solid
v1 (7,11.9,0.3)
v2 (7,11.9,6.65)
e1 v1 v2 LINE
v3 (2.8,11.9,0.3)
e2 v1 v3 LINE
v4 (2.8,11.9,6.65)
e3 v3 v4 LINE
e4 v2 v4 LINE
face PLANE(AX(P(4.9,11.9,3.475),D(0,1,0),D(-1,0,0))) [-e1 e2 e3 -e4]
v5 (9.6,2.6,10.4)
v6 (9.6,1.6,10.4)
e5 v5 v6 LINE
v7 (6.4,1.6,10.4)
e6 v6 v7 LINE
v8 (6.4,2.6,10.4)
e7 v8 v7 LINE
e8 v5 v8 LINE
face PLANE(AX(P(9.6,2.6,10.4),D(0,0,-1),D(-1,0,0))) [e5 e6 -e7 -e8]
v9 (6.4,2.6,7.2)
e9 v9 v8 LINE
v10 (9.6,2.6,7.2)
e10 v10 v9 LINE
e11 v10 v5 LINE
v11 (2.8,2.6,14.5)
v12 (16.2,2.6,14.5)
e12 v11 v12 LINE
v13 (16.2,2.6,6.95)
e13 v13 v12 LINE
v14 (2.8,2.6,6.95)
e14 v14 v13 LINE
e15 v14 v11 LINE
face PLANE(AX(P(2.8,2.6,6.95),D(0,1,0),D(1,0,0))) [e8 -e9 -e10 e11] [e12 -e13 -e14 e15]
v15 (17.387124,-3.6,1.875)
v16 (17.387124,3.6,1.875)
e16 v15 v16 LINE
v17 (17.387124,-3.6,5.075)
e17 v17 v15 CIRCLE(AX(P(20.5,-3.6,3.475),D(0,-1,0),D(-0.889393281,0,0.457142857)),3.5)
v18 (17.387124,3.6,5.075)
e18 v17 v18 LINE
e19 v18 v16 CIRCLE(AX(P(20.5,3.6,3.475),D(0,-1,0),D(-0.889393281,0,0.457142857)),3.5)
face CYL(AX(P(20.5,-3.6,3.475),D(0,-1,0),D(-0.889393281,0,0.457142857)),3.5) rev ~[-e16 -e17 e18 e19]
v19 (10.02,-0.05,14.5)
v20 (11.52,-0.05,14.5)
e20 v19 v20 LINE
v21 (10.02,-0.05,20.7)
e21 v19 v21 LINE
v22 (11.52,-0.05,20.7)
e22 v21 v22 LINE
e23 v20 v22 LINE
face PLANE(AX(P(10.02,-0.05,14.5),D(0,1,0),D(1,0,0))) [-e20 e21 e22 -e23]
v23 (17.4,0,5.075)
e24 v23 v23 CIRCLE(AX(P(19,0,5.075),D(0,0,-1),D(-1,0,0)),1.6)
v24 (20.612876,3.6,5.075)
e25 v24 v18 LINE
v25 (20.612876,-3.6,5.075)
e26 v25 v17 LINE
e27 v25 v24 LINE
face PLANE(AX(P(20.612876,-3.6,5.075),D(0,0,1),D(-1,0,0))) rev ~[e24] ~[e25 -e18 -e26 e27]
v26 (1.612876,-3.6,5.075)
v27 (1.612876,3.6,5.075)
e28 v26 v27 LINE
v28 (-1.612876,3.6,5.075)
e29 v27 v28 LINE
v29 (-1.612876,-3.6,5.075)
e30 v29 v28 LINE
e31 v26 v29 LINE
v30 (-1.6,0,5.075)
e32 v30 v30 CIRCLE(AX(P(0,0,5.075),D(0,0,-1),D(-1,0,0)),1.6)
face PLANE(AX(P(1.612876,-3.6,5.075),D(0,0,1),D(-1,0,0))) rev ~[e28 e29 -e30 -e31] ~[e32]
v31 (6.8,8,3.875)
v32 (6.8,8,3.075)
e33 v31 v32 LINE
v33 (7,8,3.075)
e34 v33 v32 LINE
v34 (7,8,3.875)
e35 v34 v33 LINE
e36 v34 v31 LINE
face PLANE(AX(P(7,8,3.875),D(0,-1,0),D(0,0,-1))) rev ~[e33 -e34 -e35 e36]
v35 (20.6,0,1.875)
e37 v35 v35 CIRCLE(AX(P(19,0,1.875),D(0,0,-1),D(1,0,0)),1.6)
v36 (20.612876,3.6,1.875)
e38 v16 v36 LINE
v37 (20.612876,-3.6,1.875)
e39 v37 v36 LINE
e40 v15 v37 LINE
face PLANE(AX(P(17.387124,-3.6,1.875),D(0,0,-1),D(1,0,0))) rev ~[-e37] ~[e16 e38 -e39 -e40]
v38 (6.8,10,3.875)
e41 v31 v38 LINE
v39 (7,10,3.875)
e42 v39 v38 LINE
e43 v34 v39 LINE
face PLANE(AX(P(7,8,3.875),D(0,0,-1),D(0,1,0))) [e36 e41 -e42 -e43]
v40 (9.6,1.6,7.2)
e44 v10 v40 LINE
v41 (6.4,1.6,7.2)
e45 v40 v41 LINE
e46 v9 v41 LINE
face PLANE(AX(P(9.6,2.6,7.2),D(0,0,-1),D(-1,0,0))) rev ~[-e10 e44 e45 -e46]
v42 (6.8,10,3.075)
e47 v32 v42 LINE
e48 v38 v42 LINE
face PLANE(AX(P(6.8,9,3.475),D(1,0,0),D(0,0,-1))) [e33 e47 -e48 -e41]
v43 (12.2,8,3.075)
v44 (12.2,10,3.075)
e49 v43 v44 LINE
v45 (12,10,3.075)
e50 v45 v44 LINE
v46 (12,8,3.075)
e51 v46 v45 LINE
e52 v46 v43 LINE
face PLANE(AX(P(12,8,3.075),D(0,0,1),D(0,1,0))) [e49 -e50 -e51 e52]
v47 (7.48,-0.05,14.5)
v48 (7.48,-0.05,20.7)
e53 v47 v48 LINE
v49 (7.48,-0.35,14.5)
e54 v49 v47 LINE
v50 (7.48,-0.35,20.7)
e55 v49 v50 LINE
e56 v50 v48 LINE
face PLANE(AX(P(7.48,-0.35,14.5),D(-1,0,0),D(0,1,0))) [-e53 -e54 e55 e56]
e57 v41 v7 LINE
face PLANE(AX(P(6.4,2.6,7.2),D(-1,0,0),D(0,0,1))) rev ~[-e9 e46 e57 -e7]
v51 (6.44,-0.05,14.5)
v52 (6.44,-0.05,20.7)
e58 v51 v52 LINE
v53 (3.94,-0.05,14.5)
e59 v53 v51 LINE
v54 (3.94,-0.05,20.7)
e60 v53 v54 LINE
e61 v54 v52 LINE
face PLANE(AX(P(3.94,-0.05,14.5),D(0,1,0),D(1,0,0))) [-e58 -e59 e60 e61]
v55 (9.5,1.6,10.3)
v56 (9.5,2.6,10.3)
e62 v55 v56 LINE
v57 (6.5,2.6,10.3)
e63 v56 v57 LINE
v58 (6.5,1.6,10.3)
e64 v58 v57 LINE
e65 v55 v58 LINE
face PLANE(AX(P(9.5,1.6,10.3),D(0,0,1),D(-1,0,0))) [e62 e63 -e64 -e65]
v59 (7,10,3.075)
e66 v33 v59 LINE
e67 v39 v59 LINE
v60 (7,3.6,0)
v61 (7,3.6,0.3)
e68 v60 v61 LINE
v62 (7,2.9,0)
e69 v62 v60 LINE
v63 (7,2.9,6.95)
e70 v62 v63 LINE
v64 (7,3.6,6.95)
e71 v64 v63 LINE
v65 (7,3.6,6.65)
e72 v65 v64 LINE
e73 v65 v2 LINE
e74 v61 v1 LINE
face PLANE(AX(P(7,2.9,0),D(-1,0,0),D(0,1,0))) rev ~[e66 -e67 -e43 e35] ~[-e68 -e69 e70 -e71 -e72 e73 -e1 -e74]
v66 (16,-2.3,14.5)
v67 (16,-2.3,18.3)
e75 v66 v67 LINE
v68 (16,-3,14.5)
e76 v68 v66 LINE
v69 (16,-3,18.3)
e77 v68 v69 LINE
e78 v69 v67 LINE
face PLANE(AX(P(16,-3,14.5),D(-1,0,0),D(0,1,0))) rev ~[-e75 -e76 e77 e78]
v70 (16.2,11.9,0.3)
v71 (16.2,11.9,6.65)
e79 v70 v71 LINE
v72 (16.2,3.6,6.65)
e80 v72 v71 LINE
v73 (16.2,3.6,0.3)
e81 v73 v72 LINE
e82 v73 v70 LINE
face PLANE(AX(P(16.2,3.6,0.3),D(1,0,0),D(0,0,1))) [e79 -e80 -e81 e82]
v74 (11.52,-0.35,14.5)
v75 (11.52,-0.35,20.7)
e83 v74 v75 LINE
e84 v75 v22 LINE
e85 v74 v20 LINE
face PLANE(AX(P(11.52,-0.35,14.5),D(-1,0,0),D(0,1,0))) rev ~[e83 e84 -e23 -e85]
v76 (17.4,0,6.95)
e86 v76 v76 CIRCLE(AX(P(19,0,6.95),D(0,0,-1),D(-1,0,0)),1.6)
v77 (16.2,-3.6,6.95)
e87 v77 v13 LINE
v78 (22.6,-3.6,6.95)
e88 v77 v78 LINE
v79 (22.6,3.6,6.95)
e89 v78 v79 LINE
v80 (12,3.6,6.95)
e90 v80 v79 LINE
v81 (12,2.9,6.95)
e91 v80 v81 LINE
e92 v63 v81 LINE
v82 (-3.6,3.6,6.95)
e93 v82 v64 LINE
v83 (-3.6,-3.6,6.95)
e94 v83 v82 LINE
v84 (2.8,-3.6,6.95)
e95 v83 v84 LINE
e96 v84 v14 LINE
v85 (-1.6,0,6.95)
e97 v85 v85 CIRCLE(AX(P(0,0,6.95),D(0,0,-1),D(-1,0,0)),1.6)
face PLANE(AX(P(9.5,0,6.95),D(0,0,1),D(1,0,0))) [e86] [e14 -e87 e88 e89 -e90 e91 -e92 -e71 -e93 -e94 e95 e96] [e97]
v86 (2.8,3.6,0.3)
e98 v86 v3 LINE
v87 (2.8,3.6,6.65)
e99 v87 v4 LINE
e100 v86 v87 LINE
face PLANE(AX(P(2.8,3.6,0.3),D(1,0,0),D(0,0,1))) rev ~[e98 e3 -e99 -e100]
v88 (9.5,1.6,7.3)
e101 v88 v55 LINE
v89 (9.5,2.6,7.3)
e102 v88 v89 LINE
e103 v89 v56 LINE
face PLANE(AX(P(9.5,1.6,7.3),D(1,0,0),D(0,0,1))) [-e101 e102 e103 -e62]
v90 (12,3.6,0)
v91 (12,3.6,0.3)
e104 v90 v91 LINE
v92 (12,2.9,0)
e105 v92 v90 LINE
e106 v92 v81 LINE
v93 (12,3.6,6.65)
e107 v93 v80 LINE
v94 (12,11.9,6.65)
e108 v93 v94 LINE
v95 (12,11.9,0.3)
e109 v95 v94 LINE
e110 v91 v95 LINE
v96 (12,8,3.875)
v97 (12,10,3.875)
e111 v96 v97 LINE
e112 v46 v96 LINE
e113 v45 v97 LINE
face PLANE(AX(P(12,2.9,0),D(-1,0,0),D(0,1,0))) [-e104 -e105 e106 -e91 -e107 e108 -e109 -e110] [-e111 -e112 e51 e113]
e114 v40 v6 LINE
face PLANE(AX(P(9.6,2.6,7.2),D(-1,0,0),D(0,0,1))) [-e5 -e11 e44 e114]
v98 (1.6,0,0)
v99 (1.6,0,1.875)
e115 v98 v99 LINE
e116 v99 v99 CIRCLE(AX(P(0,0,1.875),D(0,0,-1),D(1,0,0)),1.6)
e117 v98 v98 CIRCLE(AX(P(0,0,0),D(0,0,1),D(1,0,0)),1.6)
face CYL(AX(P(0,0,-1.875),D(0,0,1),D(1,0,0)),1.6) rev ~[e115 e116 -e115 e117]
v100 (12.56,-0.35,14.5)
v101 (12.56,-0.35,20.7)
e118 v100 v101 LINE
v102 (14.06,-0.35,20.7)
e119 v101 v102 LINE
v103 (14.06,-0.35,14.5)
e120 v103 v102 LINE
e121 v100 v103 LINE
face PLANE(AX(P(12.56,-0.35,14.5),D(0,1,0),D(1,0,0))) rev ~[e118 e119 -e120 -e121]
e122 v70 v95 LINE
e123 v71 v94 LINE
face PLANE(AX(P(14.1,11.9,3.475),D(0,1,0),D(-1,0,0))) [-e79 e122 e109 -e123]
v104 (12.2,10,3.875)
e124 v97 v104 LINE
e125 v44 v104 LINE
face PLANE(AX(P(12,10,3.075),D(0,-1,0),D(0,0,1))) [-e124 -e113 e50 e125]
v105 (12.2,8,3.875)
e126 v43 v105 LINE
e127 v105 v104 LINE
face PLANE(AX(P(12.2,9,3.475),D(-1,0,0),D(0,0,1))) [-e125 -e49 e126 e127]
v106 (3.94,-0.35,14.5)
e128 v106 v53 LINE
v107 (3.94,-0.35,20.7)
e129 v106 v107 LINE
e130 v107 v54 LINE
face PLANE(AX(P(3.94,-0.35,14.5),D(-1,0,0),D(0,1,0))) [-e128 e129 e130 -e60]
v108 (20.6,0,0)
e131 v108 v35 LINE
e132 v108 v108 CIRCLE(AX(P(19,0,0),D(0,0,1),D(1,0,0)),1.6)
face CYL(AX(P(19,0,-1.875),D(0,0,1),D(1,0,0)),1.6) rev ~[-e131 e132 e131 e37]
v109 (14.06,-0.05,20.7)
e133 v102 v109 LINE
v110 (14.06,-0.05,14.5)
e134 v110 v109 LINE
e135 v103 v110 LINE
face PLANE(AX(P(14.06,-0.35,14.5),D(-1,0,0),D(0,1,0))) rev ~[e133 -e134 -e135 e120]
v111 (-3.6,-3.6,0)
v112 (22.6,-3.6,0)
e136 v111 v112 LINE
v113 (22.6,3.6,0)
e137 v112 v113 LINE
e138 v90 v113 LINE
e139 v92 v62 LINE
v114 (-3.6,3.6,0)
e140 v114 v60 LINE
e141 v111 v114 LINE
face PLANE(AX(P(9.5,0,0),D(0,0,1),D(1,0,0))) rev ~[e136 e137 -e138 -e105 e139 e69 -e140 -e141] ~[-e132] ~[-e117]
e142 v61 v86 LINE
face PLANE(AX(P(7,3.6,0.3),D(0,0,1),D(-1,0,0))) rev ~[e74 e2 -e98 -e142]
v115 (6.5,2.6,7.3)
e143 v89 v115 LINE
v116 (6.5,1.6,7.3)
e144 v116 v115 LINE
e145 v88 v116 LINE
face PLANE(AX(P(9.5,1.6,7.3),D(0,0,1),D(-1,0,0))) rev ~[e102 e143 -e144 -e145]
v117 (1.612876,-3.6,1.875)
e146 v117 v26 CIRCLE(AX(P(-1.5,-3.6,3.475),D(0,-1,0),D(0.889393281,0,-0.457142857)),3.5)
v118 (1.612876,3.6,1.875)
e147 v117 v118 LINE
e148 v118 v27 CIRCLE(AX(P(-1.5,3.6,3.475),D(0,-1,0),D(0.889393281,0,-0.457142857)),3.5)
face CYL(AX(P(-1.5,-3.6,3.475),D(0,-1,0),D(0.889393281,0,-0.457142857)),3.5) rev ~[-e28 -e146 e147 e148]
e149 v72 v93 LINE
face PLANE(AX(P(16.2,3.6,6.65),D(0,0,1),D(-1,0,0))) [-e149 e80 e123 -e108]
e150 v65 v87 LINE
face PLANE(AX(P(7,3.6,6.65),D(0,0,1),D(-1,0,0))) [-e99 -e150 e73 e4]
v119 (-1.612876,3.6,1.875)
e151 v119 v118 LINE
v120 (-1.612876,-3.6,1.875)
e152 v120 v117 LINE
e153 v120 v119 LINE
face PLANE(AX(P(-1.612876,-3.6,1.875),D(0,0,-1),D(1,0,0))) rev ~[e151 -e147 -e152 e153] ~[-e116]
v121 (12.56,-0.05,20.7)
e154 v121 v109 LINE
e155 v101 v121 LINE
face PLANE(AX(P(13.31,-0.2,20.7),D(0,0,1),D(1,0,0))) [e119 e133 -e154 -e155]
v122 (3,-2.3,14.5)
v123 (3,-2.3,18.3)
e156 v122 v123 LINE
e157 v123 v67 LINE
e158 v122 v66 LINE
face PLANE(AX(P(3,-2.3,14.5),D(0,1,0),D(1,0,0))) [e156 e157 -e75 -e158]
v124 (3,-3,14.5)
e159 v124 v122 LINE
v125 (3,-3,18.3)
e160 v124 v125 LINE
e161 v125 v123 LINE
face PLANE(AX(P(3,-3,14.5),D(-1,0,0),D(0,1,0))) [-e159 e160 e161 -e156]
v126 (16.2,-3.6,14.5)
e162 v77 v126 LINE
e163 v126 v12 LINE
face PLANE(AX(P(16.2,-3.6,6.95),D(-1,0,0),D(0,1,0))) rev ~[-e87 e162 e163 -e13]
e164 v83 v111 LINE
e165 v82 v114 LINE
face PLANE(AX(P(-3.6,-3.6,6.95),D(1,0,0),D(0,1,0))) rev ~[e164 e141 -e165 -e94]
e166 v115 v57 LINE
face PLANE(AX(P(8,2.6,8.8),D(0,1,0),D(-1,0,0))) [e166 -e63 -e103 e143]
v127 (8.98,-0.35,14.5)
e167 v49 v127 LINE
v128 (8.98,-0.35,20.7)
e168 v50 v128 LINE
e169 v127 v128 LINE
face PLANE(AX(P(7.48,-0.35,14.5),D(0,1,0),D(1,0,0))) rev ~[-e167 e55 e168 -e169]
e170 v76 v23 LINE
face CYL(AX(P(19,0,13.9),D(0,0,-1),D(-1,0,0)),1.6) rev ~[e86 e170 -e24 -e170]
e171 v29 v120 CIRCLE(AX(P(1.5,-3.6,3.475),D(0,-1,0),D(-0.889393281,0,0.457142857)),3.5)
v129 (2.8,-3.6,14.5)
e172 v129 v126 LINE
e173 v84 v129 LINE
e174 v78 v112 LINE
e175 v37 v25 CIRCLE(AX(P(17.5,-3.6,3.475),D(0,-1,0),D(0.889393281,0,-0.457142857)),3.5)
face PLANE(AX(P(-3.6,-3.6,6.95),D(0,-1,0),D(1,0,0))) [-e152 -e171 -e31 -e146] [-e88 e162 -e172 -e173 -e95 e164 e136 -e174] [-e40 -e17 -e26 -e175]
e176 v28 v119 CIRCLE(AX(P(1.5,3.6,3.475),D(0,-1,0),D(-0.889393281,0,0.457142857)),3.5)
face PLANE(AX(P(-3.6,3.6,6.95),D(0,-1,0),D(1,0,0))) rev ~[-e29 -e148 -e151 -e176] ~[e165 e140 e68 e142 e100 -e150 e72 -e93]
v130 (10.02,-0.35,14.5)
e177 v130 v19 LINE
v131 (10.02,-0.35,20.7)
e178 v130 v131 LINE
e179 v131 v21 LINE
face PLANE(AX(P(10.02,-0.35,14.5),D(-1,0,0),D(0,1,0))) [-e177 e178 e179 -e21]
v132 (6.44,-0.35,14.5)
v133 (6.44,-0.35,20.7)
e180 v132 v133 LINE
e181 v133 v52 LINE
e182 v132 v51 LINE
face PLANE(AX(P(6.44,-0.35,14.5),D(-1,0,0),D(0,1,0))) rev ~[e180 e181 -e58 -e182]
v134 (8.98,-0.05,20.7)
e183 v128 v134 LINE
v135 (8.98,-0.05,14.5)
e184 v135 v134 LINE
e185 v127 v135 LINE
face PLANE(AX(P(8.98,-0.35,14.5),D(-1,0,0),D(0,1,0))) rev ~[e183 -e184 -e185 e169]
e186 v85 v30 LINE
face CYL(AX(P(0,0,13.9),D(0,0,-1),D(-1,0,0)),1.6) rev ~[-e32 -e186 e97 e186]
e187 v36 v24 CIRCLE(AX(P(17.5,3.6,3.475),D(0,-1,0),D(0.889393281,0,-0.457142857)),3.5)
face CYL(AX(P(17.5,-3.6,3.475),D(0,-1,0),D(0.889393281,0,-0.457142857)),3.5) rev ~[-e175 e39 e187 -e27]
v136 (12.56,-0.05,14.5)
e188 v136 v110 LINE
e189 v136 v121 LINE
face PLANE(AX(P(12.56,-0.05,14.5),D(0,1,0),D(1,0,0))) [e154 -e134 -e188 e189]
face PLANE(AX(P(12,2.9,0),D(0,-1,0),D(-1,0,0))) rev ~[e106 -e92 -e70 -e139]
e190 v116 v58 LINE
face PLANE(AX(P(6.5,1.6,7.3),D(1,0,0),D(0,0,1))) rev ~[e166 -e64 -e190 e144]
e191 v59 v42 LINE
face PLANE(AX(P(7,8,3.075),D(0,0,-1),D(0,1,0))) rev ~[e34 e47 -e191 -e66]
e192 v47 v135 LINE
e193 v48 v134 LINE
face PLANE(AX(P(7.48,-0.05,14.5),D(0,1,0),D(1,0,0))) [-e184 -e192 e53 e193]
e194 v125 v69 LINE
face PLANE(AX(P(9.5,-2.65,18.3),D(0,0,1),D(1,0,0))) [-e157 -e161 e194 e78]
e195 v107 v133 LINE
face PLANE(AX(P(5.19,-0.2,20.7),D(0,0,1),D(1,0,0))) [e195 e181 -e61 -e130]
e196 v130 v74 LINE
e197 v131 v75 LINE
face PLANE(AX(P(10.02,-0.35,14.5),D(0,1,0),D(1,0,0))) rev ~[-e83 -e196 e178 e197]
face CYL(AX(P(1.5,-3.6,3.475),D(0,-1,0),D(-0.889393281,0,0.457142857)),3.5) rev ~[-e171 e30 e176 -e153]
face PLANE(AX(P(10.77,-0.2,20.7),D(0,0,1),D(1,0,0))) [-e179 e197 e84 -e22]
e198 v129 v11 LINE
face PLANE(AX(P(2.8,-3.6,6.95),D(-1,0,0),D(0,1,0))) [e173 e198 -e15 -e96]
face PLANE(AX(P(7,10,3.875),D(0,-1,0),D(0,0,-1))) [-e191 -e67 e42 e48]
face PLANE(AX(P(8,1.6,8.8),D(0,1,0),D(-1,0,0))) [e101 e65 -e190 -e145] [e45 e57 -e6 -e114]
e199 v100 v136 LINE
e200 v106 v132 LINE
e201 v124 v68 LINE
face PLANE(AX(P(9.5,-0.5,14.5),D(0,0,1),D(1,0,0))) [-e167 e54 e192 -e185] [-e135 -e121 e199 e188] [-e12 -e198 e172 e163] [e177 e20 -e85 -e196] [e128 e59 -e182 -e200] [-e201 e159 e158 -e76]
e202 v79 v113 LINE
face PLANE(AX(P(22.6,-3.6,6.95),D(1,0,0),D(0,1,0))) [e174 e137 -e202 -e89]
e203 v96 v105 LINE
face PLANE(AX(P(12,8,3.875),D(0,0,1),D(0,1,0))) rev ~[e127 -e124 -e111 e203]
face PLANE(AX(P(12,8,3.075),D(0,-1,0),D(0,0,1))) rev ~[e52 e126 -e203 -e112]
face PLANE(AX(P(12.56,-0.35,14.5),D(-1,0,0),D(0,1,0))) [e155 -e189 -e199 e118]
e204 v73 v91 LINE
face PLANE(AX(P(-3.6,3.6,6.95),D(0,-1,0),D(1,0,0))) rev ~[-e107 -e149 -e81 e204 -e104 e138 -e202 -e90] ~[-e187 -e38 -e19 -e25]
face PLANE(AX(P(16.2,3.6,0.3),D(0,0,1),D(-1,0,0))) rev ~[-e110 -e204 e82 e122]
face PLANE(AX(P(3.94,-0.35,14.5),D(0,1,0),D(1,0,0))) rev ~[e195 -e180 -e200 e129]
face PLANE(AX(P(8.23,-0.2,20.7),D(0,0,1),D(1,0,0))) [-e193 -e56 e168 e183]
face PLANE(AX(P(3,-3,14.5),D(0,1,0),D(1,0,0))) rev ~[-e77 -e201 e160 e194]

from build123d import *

# Parameters (mm, degrees)
SKETCH1_W                      = 26.2
SKETCH1_H                      = 7.2
BOSS_EXTRUDE1_DEPTH            = 6.95
SKETCH2_W                      = 5
SKETCH2_H                      = 0.7
CUT_EXTRUDE1_DEPTH             = 24.916991868
CUT_EXTRUDE2_DEPTH             = 25.716441896
CUT_EXTRUDE3_DEPTH             = 25.716441896
SKETCH5_W                      = 13.4
SKETCH5_H                      = 6.2
BOSS_EXTRUDE2_DEPTH            = 7.55
SKETCH6_W                      = 13
SKETCH6_H                      = 0.7
BOSS_EXTRUDE3_DEPTH            = 3.8
SKETCH7_W                      = 1.5
SKETCH7_H                      = 0.3
BOSS_EXTRUDE4_DEPTH            = 6.2
SKETCH8_W                      = 1.5
SKETCH8_H                      = 0.3
BOSS_EXTRUDE5_DEPTH            = 6.2
SKETCH9_W                      = 1.5
SKETCH9_H                      = 0.3
BOSS_EXTRUDE6_DEPTH            = 6.2
SKETCH10_W                     = 2.5
SKETCH10_H                     = 0.3
BOSS_EXTRUDE7_DEPTH            = 6.2
SKETCH11_W                     = 3.2
SKETCH11_H                     = 3.2
CUT_EXTRUDE4_DEPTH             = 1
SKETCH12_W                     = 3
SKETCH12_H                     = 3
BOSS_EXTRUDE8_DEPTH            = 1
SKETCH13_W                     = 4.2
SKETCH13_H                     = 6.35
BOSS_EXTRUDE9_DEPTH            = 8.3
SKETCH14_W                     = 0.8
SKETCH14_H                     = 2
CUT_EXTRUDE5_DEPTH             = 0.2
SKETCH15_W                     = 4.2
SKETCH15_H                     = 6.35
BOSS_EXTRUDE10_DEPTH           = 8.3
SKETCH16_W                     = 0.8
SKETCH16_H                     = 2
CUT_EXTRUDE6_DEPTH             = 0.2
F_3_2_3_2_DIAMETER_HOLE1_D     = 3.2
F_3_2_3_2_DIAMETER_HOLE1_DEPTH = 1.875
F_3_2_3_2_DIAMETER_HOLE2_D     = 3.2
F_3_2_3_2_DIAMETER_HOLE2_DEPTH = 6.95


with BuildPart() as part:
    # Sketch1 → Boss-Extrude1 (new body)
    with BuildSketch(Plane.XY.offset(6.95)):
        with Locations((9.5, 0)):
            Rectangle(SKETCH1_W, SKETCH1_H)
    extrude(amount=-BOSS_EXTRUDE1_DEPTH)

    # Sketch2 → Cut-Extrude1 (cut, through all)
    with BuildSketch(Plane(origin=(0, 0, 0), x_dir=(-1, 0, 0), z_dir=(0, 0, -1))):
        with Locations((-9.5, 3.25)):
            Rectangle(SKETCH2_W, SKETCH2_H)
    extrude(amount=-CUT_EXTRUDE1_DEPTH, mode=Mode.SUBTRACT)

    # Sketch3 → Cut-Extrude2 (cut, through all)
    with BuildSketch(Plane.XZ.offset(3.6)):
        with BuildLine():
            Line((1.612876483, 5.075), (-1.612876483, 5.075))
            ThreePointArc((-1.612876483, 5.075), (-2, 3.475), (-1.612876483, 1.875))
            Line((-1.612876483, 1.875), (1.612876483, 1.875))
            ThreePointArc((1.612876483, 1.875), (2, 3.475), (1.612876483, 5.075))
        make_face()
    extrude(amount=-CUT_EXTRUDE2_DEPTH, mode=Mode.SUBTRACT)

    # Sketch4 → Cut-Extrude3 (cut, through all)
    with BuildSketch(Plane.XZ.offset(3.6)):
        with BuildLine():
            Line((17.387123517, 1.875), (20.612876483, 1.875))
            ThreePointArc((20.612876483, 1.875), (21, 3.475), (20.612876483, 5.075))
            Line((20.612876483, 5.075), (17.387123517, 5.075))
            ThreePointArc((17.387123517, 5.075), (17, 3.475), (17.387123517, 1.875))
        make_face()
    extrude(amount=-CUT_EXTRUDE3_DEPTH, mode=Mode.SUBTRACT)

    # Sketch5 → Boss-Extrude2 (add)
    with BuildSketch(Plane.XY.offset(6.95)):
        with Locations((9.5, -0.5)):
            Rectangle(SKETCH5_W, SKETCH5_H)
    extrude(amount=BOSS_EXTRUDE2_DEPTH)

    # Sketch6 → Boss-Extrude3 (add)
    with BuildSketch(Plane.XY.offset(14.5)):
        with Locations((9.5, -2.65)):
            Rectangle(SKETCH6_W, SKETCH6_H)
    extrude(amount=BOSS_EXTRUDE3_DEPTH)

    # Sketch7 → Boss-Extrude4 (add)
    with BuildSketch(Plane.XY.offset(14.5)):
        with Locations((13.31, -0.2)):
            Rectangle(SKETCH7_W, SKETCH7_H)
    extrude(amount=BOSS_EXTRUDE4_DEPTH)

    # Sketch8 → Boss-Extrude5 (add)
    with BuildSketch(Plane.XY.offset(14.5)):
        with Locations((10.77, -0.2)):
            Rectangle(SKETCH8_W, SKETCH8_H)
    extrude(amount=BOSS_EXTRUDE5_DEPTH)

    # Sketch9 → Boss-Extrude6 (add)
    with BuildSketch(Plane.XY.offset(14.5)):
        with Locations((8.23, -0.2)):
            Rectangle(SKETCH9_W, SKETCH9_H)
    extrude(amount=BOSS_EXTRUDE6_DEPTH)

    # Sketch10 → Boss-Extrude7 (add)
    with BuildSketch(Plane.XY.offset(14.5)):
        with Locations((5.19, -0.2)):
            Rectangle(SKETCH10_W, SKETCH10_H)
    extrude(amount=BOSS_EXTRUDE7_DEPTH)

    # Sketch11 → Cut-Extrude4 (cut)
    with BuildSketch(Plane(origin=(0, 2.6, 0), x_dir=(-1, 0, 0), z_dir=(0, 1, 0))):
        with Locations((-8, 8.8)):
            Rectangle(SKETCH11_W, SKETCH11_H)
    extrude(amount=-CUT_EXTRUDE4_DEPTH, mode=Mode.SUBTRACT)

    # Sketch12 → Boss-Extrude8 (add)
    with BuildSketch(Plane(origin=(0, 1.6, 0), x_dir=(-1, 0, 0), z_dir=(0, 1, 0))):
        with Locations((-8, 8.8)):
            Rectangle(SKETCH12_W, SKETCH12_H)
    extrude(amount=BOSS_EXTRUDE8_DEPTH)

    # Sketch13 → Boss-Extrude9 (add)
    with BuildSketch(Plane(origin=(0, 3.6, 0), x_dir=(-1, 0, 0), z_dir=(0, 1, 0))):
        with Locations((-14.1, 3.475)):
            Rectangle(SKETCH13_W, SKETCH13_H)
    extrude(amount=BOSS_EXTRUDE9_DEPTH)

    # Sketch14 → Cut-Extrude5 (cut)
    with BuildSketch(Plane.ZY.offset(-12)):
        with Locations((3.475, 9)):
            Rectangle(SKETCH14_W, SKETCH14_H)
    extrude(amount=-CUT_EXTRUDE5_DEPTH, mode=Mode.SUBTRACT)

    # Sketch15 → Boss-Extrude10 (add)
    with BuildSketch(Plane(origin=(0, 3.6, 0), x_dir=(-1, 0, 0), z_dir=(0, 1, 0))):
        with Locations((-4.9, 3.475)):
            Rectangle(SKETCH15_W, SKETCH15_H)
    extrude(amount=BOSS_EXTRUDE10_DEPTH)

    # Sketch16 → Cut-Extrude6 (cut)
    with BuildSketch(Plane(origin=(7, 0, 0), x_dir=(0, 0, -1), z_dir=(1, 0, 0))):
        with Locations((-3.475, 9)):
            Rectangle(SKETCH16_W, SKETCH16_H)
    extrude(amount=-CUT_EXTRUDE6_DEPTH, mode=Mode.SUBTRACT)

    # Ø3.2 (3.2) Diameter Hole1
    with Locations(Plane(origin=(0, 0, 0), x_dir=(-1, 0, 0), z_dir=(0, 0, -1))):
        with Locations((0, 0), (-19, 0)):
            Hole(F_3_2_3_2_DIAMETER_HOLE1_D / 2, depth=F_3_2_3_2_DIAMETER_HOLE1_DEPTH)

    # Ø3.2 (3.2) Diameter Hole2
    with Locations(Plane.XY.offset(6.95)):
        with Locations((19, 0), (0, 0)):
            Hole(F_3_2_3_2_DIAMETER_HOLE2_D / 2, depth=F_3_2_3_2_DIAMETER_HOLE2_DEPTH)


solid = part.part
